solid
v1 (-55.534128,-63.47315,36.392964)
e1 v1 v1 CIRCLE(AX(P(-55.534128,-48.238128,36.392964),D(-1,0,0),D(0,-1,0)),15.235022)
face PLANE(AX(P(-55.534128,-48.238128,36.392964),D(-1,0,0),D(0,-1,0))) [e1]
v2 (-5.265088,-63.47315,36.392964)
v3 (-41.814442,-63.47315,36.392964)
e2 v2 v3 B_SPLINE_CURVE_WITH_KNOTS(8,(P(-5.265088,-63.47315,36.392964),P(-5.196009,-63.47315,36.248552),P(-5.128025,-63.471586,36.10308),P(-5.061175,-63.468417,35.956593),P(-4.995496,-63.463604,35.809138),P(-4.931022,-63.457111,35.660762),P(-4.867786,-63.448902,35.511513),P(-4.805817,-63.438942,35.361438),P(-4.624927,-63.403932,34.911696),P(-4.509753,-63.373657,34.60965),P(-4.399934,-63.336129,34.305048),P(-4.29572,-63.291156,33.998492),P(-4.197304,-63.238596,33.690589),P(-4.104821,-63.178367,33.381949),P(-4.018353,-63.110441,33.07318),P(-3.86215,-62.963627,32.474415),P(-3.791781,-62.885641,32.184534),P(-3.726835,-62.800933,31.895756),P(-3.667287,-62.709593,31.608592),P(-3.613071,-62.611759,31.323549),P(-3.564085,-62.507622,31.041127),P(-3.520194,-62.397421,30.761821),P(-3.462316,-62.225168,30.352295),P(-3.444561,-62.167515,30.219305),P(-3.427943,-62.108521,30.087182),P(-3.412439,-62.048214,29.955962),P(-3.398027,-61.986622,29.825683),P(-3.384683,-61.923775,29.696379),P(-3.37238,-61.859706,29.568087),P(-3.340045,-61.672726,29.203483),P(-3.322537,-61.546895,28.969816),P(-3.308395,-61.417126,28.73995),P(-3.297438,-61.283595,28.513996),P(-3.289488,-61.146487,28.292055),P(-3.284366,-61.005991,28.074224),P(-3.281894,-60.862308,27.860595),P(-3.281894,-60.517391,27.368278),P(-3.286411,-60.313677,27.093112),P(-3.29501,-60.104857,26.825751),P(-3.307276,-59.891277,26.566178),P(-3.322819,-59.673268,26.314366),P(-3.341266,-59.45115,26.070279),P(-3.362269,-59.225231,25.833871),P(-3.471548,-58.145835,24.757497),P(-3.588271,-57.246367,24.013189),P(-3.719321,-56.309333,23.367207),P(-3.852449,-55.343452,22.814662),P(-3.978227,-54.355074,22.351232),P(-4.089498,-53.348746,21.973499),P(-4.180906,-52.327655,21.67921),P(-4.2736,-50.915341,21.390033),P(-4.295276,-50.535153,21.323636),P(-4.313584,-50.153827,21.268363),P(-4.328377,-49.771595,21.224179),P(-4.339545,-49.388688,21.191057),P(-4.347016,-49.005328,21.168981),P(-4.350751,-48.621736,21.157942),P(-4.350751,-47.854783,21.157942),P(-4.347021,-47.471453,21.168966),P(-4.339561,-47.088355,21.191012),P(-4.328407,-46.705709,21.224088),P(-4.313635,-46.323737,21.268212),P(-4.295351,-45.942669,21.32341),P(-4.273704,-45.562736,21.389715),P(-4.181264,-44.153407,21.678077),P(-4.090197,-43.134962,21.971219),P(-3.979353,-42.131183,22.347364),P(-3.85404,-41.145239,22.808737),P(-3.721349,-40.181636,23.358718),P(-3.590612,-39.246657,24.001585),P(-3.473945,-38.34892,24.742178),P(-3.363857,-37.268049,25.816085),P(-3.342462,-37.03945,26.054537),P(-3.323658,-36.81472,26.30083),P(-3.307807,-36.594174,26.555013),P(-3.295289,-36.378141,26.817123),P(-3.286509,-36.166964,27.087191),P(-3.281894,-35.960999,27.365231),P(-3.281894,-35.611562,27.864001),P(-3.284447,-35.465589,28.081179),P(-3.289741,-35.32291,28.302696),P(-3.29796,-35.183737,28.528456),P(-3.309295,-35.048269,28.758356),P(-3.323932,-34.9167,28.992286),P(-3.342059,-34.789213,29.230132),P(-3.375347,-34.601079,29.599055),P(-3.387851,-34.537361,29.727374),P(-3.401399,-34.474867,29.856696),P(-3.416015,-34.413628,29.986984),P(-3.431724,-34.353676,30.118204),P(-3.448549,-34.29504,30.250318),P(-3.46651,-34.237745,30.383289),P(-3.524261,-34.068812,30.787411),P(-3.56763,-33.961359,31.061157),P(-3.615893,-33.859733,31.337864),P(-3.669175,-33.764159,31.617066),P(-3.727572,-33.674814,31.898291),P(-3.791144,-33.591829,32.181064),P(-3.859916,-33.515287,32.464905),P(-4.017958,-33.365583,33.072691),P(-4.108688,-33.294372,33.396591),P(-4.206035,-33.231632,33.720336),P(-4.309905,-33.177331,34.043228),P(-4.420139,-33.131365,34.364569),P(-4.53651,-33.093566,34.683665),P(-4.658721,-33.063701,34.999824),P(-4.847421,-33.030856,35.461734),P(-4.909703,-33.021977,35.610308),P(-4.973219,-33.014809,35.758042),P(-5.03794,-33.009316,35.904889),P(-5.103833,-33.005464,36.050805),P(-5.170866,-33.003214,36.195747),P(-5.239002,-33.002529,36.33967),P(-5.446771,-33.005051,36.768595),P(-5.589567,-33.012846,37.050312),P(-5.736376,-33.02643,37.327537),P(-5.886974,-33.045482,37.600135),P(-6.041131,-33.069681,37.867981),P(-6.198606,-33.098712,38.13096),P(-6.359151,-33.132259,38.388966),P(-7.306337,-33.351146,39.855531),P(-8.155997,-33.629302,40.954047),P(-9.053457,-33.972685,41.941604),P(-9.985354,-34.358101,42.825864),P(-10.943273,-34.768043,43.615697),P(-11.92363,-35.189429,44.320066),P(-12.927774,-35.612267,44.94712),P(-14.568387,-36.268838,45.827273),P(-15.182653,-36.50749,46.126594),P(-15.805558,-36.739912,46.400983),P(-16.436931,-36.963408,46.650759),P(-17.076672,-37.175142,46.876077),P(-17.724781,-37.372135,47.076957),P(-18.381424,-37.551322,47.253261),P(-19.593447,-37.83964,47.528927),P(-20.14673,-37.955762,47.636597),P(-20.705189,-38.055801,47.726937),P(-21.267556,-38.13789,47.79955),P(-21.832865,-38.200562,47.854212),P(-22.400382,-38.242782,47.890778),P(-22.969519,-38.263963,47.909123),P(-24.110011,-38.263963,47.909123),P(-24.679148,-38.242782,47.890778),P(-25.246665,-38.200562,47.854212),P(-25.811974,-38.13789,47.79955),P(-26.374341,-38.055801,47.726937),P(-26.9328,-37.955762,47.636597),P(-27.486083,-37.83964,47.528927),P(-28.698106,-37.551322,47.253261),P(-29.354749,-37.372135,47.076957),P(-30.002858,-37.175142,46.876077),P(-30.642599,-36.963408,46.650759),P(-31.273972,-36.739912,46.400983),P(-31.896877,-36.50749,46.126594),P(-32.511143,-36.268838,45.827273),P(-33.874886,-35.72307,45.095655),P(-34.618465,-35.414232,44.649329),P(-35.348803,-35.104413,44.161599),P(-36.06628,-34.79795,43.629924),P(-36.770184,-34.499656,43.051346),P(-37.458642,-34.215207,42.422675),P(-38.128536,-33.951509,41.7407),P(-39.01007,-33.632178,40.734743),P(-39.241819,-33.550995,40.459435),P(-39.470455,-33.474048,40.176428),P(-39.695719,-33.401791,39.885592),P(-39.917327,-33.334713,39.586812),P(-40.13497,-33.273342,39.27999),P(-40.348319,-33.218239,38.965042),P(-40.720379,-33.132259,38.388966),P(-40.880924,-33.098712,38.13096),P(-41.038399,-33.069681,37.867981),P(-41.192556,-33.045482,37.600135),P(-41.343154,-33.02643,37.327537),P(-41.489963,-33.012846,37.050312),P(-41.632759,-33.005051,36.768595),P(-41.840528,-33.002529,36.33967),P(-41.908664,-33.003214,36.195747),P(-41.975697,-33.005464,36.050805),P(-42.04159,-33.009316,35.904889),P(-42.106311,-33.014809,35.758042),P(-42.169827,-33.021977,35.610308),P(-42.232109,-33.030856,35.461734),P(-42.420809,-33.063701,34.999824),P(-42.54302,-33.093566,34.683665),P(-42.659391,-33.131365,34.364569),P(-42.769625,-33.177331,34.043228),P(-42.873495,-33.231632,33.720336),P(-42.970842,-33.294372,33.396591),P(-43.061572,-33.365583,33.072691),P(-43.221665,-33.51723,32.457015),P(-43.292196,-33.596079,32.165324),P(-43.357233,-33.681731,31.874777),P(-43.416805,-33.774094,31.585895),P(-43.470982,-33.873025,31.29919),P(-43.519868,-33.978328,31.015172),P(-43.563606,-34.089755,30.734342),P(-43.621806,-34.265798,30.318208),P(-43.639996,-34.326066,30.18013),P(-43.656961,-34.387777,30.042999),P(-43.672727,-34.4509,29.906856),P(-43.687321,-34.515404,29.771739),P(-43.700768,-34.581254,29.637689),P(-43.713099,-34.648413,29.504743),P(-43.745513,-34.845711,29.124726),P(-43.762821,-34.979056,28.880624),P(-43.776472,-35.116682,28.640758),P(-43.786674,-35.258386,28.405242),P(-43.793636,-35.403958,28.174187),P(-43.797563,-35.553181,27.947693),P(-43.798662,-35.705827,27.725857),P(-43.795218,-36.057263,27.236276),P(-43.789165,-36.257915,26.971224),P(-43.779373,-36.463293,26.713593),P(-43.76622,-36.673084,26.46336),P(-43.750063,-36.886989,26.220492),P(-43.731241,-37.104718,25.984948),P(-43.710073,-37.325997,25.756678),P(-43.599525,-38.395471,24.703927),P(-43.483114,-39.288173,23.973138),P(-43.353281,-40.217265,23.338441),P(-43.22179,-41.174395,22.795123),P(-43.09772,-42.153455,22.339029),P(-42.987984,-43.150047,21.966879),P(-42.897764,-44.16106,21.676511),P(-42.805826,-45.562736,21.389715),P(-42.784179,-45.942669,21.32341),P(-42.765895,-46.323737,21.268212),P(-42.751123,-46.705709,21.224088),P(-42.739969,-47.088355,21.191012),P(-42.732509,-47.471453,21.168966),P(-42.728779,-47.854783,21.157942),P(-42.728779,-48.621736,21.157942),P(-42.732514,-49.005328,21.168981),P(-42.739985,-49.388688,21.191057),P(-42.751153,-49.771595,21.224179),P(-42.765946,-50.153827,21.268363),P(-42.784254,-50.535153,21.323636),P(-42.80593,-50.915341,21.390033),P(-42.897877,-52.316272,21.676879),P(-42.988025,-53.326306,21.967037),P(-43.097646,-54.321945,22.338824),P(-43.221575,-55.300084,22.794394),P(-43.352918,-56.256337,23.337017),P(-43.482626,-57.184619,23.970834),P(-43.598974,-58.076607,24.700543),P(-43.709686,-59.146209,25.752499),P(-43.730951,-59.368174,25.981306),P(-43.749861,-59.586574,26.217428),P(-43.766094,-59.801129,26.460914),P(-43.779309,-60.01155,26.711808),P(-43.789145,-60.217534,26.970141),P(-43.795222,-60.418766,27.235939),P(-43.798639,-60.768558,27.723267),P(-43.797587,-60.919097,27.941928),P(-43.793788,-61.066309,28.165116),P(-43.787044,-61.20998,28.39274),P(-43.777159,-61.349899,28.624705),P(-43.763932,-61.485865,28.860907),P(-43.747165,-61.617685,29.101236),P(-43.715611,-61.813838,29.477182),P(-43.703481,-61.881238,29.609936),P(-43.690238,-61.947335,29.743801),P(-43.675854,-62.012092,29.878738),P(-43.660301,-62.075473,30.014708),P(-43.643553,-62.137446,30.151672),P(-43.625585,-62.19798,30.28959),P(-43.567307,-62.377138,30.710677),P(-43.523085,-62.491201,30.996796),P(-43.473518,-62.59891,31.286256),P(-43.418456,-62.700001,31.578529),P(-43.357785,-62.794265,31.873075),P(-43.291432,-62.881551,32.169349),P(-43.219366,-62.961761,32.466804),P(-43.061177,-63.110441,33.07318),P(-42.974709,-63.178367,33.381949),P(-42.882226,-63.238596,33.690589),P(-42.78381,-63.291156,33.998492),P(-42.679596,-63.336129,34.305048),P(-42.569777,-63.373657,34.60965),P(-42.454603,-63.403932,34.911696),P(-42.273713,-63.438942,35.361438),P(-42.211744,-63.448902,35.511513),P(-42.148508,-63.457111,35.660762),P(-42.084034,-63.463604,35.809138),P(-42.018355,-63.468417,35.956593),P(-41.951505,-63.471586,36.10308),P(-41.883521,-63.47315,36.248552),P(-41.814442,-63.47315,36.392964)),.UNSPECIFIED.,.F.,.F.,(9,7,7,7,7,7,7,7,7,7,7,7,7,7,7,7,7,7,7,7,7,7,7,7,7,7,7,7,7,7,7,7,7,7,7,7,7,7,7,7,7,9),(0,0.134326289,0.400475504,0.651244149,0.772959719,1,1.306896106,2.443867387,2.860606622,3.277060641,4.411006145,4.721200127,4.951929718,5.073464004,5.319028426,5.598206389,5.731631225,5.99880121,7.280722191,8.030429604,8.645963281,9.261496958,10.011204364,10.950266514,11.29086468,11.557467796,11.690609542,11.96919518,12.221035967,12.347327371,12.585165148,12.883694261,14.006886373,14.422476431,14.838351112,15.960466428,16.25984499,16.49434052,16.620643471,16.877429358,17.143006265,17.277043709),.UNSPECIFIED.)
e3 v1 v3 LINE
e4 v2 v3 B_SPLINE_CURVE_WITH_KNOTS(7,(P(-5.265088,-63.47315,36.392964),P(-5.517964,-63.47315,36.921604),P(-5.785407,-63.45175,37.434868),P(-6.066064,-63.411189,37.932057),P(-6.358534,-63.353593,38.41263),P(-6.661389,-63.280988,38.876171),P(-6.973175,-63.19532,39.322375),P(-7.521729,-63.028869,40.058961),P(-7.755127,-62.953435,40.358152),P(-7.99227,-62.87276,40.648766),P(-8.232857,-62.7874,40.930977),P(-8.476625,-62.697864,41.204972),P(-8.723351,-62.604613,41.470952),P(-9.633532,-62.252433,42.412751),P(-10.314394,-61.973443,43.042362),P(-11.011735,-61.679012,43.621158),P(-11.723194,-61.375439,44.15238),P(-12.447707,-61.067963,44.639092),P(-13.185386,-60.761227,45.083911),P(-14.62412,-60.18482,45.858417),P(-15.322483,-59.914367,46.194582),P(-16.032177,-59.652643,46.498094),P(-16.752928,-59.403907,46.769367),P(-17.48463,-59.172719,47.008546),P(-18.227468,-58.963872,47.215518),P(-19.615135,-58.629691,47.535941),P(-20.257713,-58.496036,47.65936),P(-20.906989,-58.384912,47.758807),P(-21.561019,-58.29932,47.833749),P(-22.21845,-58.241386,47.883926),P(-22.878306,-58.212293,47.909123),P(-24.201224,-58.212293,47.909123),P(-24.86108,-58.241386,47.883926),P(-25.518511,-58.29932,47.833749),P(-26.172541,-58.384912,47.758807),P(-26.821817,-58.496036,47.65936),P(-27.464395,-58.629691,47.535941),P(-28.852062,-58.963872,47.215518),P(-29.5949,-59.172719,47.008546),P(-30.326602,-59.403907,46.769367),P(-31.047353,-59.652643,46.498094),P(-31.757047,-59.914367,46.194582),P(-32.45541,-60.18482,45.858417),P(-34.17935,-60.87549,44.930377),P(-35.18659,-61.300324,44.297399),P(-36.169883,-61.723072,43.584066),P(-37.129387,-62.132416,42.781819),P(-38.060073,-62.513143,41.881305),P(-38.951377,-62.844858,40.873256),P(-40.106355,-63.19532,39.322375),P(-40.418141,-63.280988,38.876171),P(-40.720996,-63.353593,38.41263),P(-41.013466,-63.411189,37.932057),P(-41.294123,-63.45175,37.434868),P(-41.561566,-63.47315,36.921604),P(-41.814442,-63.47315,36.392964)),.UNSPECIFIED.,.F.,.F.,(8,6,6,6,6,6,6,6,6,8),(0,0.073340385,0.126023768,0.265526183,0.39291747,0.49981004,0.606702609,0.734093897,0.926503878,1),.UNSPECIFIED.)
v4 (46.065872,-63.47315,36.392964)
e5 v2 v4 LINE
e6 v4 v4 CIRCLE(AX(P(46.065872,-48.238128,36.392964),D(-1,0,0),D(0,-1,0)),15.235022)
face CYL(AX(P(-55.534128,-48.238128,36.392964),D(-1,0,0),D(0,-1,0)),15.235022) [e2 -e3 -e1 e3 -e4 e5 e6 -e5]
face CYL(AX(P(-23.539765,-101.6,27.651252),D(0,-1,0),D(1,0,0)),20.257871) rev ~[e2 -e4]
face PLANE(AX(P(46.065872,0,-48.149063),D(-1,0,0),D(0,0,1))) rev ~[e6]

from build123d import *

# Parameters (mm, degrees)
F0_W     = 101.6
F0_H     = 101.6
F1_DEPTH = 101.6
F2_R     = 20.257871
F3_DEPTH = 101.601
F4_R     = 15.235022
F5_DEPTH = 101.601


with BuildPart() as f1:
    # F0 (on Front) → F1 (new body)
    with BuildSketch(Plane.XZ):
        with Locations((-4.734128, 2.650937)):
            Rectangle(F0_W, F0_H)
    extrude(amount=F1_DEPTH)

    # F2 (on face) → F3 (cut, through all)
    with BuildSketch(Plane.XZ.offset(101.6)):
        with Locations((-23.539765, 27.651252)):
            Circle(F2_R)
    extrude(amount=-F3_DEPTH, mode=Mode.SUBTRACT)

    # F4 (on face) → F5 (intersect, through all)
    with BuildSketch(Plane(origin=(-55.534128, 0, 0), x_dir=(0, -1, 0), z_dir=(-1, 0, 0))):
        with Locations((48.238128, 36.392964)):
            Circle(F4_R)
    extrude(amount=-F5_DEPTH, mode=Mode.INTERSECT)


solid = f1.part
